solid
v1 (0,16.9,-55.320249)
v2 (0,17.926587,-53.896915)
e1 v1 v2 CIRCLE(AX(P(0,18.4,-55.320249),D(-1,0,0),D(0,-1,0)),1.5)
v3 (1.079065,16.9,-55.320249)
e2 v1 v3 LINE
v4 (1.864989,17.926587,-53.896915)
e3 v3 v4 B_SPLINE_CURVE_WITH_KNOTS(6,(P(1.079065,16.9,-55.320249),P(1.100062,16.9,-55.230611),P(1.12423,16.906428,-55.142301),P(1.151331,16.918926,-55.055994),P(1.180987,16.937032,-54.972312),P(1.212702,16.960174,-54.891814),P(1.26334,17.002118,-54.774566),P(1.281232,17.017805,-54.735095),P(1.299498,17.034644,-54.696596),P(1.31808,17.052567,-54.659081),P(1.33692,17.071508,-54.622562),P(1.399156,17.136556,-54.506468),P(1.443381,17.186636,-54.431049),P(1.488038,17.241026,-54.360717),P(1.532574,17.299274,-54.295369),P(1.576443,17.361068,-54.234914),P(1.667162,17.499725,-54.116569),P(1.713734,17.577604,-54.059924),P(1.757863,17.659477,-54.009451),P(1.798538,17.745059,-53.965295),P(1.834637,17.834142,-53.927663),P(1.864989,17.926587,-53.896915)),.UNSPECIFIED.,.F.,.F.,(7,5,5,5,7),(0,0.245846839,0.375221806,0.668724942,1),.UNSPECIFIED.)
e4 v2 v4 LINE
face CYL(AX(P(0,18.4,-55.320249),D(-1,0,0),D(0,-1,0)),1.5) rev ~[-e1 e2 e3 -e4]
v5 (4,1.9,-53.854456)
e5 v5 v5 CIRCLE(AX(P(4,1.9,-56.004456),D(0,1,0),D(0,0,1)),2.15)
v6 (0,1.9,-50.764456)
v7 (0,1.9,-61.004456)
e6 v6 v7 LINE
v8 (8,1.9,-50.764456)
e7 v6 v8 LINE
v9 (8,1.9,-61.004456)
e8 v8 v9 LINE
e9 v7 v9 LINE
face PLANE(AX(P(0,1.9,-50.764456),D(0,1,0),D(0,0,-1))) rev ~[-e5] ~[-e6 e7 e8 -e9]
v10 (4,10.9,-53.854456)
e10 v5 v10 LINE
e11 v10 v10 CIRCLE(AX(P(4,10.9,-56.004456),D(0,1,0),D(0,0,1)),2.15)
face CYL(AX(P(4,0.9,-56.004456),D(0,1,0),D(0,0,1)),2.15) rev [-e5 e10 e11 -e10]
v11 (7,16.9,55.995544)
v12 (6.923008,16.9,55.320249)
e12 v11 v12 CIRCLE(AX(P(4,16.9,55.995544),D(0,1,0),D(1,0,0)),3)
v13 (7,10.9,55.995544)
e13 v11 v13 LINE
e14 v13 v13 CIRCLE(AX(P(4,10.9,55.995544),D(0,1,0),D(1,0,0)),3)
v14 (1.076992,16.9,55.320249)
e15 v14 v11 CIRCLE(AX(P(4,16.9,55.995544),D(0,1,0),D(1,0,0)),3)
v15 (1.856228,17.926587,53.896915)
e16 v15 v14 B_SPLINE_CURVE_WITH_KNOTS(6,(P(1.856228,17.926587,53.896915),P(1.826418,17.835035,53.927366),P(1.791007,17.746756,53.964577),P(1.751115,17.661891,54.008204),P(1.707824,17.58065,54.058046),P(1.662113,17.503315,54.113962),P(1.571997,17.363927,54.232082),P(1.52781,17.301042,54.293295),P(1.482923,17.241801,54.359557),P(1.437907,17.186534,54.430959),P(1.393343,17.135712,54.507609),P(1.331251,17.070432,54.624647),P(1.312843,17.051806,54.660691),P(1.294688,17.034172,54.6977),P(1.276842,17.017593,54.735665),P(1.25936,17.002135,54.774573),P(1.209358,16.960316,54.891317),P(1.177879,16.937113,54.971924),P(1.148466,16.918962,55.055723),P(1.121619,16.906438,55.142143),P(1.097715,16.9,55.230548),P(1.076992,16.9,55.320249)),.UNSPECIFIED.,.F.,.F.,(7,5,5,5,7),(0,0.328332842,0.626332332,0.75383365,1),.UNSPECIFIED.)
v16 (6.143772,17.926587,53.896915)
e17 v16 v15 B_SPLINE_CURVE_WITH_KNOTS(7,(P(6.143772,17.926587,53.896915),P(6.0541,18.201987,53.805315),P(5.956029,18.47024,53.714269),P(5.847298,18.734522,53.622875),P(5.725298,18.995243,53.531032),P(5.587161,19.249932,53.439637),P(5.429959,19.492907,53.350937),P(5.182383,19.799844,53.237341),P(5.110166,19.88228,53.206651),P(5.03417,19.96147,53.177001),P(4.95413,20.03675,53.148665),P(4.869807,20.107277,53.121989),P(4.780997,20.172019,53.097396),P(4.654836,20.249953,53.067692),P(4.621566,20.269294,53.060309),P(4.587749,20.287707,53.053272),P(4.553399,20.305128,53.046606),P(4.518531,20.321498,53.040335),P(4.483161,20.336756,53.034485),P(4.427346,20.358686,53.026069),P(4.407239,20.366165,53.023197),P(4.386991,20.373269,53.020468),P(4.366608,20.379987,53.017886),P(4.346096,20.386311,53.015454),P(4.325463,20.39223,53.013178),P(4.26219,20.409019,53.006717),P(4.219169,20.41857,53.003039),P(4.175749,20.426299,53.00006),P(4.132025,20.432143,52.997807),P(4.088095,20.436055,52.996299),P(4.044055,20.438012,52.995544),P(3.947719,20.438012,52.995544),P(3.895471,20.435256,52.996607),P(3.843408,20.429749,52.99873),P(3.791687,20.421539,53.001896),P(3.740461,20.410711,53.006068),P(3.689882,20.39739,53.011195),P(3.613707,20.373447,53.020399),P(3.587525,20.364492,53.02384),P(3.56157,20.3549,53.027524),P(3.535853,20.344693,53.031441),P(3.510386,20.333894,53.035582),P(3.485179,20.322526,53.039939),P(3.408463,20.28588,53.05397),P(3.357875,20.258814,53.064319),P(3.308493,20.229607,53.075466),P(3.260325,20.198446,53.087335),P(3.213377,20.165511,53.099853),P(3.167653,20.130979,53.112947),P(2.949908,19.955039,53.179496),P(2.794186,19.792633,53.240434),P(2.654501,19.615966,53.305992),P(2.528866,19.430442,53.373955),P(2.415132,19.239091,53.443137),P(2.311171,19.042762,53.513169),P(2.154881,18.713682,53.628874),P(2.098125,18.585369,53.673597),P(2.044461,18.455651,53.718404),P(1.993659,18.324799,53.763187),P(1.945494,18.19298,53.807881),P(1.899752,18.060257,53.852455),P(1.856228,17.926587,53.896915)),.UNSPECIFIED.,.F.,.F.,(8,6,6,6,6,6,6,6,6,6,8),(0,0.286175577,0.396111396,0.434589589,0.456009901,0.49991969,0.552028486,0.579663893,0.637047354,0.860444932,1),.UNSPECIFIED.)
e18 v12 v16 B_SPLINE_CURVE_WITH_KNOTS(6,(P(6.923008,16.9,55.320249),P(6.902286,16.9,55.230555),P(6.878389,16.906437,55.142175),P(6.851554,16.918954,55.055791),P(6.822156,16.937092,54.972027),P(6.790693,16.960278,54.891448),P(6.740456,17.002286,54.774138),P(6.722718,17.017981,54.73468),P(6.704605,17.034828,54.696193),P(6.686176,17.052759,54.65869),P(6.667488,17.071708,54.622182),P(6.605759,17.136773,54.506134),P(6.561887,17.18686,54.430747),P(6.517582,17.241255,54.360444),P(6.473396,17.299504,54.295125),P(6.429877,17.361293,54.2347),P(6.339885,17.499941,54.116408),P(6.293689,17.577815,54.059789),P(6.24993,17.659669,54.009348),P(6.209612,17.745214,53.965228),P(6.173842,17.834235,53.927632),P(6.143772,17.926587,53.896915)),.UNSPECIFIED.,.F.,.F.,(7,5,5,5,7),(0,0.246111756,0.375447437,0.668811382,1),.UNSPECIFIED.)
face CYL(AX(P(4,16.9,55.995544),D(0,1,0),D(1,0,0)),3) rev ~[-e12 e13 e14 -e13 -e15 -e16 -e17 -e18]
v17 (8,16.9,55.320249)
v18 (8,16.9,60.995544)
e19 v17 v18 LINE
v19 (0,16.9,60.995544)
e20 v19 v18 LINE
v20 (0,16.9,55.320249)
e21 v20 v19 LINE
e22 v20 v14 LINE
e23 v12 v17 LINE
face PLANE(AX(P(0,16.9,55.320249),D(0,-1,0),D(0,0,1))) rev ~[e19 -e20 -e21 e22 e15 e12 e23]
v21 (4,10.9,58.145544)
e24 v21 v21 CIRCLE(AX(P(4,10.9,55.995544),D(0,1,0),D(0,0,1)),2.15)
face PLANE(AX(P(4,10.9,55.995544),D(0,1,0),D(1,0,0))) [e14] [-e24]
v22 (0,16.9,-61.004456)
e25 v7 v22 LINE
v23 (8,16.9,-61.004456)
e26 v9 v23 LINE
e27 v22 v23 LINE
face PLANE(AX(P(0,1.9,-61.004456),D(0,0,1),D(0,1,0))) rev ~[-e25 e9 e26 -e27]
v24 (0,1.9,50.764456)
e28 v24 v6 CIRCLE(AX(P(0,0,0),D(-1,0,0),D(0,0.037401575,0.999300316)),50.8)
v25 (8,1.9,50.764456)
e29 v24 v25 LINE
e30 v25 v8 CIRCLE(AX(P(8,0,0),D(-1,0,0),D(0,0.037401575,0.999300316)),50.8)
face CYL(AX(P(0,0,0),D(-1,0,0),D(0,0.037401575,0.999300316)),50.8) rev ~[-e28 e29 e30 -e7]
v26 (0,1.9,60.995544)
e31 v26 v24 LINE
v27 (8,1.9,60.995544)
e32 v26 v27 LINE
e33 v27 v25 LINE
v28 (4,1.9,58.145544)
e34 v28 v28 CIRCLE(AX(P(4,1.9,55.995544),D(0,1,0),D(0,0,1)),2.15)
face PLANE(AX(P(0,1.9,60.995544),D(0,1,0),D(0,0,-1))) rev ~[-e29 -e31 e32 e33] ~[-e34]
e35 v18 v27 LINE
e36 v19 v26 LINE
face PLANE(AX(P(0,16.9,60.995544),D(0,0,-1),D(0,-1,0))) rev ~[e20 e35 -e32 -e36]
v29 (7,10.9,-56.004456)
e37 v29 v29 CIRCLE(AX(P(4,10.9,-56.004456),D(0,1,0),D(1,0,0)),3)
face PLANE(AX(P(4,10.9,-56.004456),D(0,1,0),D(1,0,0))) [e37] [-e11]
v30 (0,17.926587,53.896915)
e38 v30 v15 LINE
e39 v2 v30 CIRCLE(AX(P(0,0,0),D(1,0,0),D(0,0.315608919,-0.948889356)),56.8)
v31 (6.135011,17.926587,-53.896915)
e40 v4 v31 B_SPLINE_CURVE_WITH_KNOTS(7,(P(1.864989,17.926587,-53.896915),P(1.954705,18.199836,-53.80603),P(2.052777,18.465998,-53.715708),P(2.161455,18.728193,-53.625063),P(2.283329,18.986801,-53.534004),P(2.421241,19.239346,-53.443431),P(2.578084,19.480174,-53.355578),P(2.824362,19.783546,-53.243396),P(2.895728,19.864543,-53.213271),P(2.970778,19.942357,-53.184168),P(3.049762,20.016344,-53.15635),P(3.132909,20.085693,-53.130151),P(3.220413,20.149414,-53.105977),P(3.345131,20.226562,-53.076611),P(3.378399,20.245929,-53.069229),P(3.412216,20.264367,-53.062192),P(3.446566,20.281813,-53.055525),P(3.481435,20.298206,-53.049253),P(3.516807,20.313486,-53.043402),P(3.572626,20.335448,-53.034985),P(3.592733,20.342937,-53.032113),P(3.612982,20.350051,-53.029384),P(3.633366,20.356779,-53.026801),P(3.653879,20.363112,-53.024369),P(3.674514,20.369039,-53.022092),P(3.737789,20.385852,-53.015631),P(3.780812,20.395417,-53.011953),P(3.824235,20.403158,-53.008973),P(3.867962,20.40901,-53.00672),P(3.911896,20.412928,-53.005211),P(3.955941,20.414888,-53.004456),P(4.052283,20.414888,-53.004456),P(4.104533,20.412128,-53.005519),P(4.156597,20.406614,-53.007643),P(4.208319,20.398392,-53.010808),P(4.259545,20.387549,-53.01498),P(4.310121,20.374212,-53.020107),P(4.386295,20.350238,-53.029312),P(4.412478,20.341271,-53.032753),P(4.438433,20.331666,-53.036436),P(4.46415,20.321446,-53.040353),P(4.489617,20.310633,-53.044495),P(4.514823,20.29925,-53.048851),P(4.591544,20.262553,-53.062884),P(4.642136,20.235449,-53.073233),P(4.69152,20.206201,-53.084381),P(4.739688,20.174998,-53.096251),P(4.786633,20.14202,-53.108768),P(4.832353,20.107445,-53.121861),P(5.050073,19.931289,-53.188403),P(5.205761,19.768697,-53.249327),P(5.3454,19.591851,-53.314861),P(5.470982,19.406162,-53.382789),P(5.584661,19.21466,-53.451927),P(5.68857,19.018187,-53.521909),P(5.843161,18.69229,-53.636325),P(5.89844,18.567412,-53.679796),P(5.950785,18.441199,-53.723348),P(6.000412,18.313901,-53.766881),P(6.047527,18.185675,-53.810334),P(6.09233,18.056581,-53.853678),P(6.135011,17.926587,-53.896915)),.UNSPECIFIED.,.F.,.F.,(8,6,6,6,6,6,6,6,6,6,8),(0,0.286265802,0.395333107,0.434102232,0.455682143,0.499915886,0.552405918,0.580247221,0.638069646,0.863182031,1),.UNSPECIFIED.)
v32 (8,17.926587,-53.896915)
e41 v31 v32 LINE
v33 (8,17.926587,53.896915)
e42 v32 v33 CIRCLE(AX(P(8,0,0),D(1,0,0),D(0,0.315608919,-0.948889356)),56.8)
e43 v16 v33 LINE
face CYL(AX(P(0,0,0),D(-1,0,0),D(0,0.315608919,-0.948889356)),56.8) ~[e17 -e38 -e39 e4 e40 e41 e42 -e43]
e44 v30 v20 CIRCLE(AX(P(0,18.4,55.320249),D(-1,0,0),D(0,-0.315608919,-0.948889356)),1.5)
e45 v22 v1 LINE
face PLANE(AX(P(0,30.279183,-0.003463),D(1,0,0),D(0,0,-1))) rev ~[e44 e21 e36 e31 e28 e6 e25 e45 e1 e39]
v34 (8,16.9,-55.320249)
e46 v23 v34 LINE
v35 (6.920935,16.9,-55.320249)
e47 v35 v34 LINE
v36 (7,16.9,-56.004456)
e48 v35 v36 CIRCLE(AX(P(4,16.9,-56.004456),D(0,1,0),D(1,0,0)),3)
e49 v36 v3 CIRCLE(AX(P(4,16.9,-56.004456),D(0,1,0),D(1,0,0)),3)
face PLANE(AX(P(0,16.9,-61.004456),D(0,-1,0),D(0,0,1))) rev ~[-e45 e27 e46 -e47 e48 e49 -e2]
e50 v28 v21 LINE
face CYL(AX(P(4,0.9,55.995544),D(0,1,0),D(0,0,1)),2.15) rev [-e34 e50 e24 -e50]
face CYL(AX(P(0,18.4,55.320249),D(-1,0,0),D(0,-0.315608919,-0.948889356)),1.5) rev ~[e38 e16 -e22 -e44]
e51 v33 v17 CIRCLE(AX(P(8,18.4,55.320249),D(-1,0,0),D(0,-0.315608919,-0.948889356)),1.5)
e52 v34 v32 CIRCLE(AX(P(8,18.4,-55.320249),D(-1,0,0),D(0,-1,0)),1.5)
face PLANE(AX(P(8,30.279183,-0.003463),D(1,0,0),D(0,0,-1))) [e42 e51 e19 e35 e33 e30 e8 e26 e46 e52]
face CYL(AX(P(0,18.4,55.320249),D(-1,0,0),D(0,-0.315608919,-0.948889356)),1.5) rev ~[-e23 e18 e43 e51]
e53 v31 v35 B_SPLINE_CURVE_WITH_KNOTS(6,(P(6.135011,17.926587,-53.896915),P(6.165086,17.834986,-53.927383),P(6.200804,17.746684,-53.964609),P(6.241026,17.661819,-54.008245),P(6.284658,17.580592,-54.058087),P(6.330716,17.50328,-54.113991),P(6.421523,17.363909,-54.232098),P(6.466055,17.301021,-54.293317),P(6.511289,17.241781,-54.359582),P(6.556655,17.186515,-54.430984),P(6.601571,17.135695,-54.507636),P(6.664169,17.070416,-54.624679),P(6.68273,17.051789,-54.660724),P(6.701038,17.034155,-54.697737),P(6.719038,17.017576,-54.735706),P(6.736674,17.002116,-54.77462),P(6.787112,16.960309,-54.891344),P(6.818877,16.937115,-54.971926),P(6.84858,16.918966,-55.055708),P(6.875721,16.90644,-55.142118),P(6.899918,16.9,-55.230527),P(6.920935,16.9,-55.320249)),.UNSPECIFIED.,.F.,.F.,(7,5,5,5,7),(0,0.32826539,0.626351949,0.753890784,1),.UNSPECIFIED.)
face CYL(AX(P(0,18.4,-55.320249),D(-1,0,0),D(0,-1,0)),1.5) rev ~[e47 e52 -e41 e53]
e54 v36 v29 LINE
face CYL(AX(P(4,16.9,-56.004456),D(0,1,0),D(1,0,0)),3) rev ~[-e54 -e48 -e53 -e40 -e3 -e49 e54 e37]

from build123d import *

# Parameters (mm, degrees)
BOSS_EXTRUDE1_DEPTH           = 8
M4_CLEARANCE_HOLE1_AT_2_COUNT = 2
M4_CLEARANCE_HOLE1_AT_2_PITCH = 112
SKETCH7_R                     = 3
CUT_EXTRUDE1_DEPTH            = 10
CUT_EXTRUDE1_DEPTH_BACK       = 6


with BuildPart() as part:
    # Sketch1 → Boss-Extrude1 (new body)
    with BuildSketch(Plane(origin=(0, 0, 0), x_dir=(0, 0, -1), z_dir=(1, 0, 0))):
        with BuildLine():
            Line((-60.995543931, 1.9), (-50.764456069, 1.9))
            ThreePointArc((-50.764456069, 1.9), (0, 50.8), (50.764456069, 1.9))
            Line((50.764456069, 1.9), (61.004456069, 1.9))
            Line((61.004456069, 1.9), (61.004456069, 16.9))
            Line((61.004456069, 16.9), (55.320249457, 16.9))
            ThreePointArc((55.320249457, 16.9), (54.442787227, 17.18342282), (53.896915423, 17.926586621))
            ThreePointArc((53.896915423, 17.926586621), (0, 56.8), (-53.896915423, 17.926586621))
            ThreePointArc((-53.896915423, 17.926586621), (-54.442787227, 17.18342282), (-55.320249457, 16.9))
            Line((-55.320249457, 16.9), (-60.995543931, 16.9))
            Line((-60.995543931, 16.9), (-60.995543931, 1.9))
        make_face()
    extrude(amount=BOSS_EXTRUDE1_DEPTH)

    # Sketch4 → M4 Clearance Hole1 (revolve, cut)
    with BuildSketch(Plane(origin=(4, 16.9, -56.004456069), x_dir=(0, 0, 1), z_dir=(1, 0, 0))):
        Polygon((0, 0), (0, 17.291850331), (2.15, 16), (2.15, 0), align=None)
    m4_clearance_hole1 = revolve(axis=Axis((4, 23.25, -56.004456069), (0, -1, 0)), mode=Mode.SUBTRACT)

    # M4 Clearance Hole1 at 2: M4 Clearance Hole1 ×2
    with Locations(*[(0, 0, i * M4_CLEARANCE_HOLE1_AT_2_PITCH) for i in range(1, M4_CLEARANCE_HOLE1_AT_2_COUNT)]):
        add(m4_clearance_hole1, mode=Mode.SUBTRACT)

    # Sketch7 → Cut-Extrude1 (cut, two sides)
    with BuildSketch(Plane(origin=(0, 16.9, 0), x_dir=(1, 0, 0), z_dir=(0, 1, 0))) as cut_extrude1_sk:
        with Locations((4, 56.004456069)):
            Circle(SKETCH7_R)
        with Locations((4, -55.995543931)):
            Circle(SKETCH7_R)
    extrude(amount=CUT_EXTRUDE1_DEPTH, mode=Mode.SUBTRACT)
    extrude(cut_extrude1_sk.sketch, amount=-CUT_EXTRUDE1_DEPTH_BACK, mode=Mode.SUBTRACT)


solid = part.part
